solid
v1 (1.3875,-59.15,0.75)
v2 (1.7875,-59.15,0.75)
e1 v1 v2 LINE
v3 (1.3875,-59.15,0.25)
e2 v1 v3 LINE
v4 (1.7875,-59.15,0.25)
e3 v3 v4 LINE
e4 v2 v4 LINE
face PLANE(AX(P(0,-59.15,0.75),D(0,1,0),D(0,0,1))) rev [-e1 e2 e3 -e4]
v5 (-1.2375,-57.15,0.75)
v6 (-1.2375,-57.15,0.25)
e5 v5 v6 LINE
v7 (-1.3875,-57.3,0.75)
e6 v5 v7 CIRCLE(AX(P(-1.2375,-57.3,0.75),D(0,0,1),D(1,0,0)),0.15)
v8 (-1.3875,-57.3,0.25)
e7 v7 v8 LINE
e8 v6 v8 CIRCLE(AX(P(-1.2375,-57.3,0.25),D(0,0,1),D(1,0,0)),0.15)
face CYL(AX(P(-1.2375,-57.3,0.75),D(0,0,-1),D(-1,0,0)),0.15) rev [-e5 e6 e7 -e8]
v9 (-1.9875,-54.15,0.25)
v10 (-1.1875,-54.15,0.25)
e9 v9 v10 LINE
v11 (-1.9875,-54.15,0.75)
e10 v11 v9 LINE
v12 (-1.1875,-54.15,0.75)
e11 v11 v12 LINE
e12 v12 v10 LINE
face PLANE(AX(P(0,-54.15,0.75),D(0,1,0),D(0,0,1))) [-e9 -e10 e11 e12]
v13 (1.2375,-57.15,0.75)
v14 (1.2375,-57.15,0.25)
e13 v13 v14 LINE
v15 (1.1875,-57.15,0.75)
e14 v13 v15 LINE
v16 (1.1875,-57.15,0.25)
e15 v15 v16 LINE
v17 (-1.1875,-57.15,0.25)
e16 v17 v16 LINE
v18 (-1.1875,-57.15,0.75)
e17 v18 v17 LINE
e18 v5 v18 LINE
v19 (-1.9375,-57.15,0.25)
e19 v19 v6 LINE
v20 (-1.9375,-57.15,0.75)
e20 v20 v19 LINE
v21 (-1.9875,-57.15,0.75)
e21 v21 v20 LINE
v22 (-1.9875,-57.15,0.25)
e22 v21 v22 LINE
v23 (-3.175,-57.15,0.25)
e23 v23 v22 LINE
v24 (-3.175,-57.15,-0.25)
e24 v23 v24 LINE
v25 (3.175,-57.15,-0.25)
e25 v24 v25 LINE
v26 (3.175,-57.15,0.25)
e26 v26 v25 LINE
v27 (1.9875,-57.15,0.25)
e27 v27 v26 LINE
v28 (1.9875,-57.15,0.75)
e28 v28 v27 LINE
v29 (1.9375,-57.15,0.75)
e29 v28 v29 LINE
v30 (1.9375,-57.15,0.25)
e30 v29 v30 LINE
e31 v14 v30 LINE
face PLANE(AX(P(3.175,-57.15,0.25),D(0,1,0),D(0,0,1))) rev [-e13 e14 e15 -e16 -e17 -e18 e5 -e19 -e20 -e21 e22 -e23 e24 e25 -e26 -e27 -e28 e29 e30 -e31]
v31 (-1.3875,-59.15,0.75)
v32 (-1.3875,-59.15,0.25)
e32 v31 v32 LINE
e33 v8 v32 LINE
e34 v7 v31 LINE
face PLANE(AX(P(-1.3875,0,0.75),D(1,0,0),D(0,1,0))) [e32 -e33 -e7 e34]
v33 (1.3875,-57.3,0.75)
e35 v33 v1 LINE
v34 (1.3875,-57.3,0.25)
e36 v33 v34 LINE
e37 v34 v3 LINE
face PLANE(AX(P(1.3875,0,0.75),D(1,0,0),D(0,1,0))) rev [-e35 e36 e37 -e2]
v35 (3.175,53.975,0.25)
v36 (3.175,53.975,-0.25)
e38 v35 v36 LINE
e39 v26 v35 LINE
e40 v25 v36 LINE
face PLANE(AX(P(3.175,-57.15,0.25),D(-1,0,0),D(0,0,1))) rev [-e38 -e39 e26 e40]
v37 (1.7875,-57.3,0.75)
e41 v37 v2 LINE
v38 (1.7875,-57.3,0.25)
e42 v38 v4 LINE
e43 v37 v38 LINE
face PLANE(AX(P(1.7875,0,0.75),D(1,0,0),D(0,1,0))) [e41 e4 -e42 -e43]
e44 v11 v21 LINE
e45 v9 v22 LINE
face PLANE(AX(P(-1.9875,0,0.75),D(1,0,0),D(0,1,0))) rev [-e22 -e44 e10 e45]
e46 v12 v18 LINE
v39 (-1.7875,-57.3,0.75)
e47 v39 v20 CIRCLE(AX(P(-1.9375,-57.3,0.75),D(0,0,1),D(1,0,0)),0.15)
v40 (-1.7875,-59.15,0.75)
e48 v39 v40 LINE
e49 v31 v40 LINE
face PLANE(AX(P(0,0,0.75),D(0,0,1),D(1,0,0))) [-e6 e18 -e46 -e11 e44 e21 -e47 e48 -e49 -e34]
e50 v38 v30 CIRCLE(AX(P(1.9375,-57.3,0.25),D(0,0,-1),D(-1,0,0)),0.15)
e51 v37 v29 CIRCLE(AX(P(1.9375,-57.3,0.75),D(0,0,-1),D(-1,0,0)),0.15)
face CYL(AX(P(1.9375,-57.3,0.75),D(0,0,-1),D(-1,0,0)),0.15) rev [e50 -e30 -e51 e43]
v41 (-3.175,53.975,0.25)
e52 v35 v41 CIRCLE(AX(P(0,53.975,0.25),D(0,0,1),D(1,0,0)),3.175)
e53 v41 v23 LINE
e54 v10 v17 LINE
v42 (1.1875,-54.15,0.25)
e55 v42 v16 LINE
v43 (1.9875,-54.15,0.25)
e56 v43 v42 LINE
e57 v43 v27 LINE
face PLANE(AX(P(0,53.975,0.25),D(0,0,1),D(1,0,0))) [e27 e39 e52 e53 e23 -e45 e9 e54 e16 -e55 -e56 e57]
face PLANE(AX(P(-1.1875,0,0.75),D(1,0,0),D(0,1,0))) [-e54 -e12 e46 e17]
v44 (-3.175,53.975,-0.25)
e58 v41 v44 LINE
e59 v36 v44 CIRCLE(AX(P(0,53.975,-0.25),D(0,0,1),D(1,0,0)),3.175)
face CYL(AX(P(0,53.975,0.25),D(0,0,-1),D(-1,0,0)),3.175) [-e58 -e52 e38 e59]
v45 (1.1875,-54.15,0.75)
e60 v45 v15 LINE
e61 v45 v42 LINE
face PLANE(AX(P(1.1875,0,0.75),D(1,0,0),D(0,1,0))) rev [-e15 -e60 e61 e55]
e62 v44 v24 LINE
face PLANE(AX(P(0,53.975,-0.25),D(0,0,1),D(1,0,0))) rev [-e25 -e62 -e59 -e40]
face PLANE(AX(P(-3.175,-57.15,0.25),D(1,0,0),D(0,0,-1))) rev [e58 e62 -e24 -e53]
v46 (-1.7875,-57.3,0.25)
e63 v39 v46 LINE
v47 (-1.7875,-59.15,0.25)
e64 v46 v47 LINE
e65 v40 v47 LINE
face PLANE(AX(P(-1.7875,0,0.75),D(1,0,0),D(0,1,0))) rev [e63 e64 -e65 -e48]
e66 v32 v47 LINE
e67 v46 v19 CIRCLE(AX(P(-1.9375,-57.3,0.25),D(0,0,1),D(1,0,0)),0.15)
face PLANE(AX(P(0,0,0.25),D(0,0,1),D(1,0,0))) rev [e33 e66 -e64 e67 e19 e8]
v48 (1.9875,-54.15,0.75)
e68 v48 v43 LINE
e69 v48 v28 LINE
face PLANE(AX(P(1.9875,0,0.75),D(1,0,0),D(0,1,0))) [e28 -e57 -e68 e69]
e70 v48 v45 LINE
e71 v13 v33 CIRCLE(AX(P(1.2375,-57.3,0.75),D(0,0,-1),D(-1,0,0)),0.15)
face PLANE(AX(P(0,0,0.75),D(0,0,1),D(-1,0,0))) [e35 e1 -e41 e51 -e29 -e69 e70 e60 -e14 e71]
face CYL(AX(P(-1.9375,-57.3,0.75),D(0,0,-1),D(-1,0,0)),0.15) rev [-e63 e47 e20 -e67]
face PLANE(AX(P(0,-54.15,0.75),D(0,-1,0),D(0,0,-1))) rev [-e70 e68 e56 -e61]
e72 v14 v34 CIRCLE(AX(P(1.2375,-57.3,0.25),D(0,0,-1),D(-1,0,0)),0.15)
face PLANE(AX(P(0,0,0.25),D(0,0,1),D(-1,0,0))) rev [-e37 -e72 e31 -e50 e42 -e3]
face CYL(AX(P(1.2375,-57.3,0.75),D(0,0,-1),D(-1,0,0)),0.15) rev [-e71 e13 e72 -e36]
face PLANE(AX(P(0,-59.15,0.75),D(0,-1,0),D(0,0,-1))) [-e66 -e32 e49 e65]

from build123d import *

# Parameters (mm, degrees)
RESSALTO_EXTRUS_O1_DEPTH = 0.25
RESSALTO_EXTRUS_O2_DEPTH = 0.5


with BuildPart() as part:
    # Esboço3 → Ressalto-extrusão1 (new, symmetric)
    with BuildSketch(Plane.XY):
        with BuildLine():
            Line((3.175, -57.15), (-3.175, -57.15))
            Line((-3.175, -57.15), (-3.175, 53.975))
            ThreePointArc((-3.175, 53.975), (0, 57.15), (3.175, 53.975))
            Line((3.175, 53.975), (3.175, -57.15))
        make_face()
    extrude(amount=RESSALTO_EXTRUS_O1_DEPTH, both=True)

    # Esboço4 → Ressalto-extrusão2 (add)
    with BuildSketch(Plane.XY.offset(0.25)):
        Polygon((-1.1875, -54.15), (-1.9875, -54.15), (-1.9875, -57.15), (-1.9375, -57.15), (-1.2375, -57.15), (-1.1875, -57.15), align=None)
        with BuildLine():
            Line((-1.2375, -57.15), (-1.9375, -57.15))
            ThreePointArc((-1.9375, -57.15), (-1.831433983, -57.193933983), (-1.7875, -57.3))
            Line((-1.7875, -57.3), (-1.7875, -59.15))
            Line((-1.7875, -59.15), (-1.3875, -59.15))
            Line((-1.3875, -59.15), (-1.3875, -57.3))
            ThreePointArc((-1.3875, -57.3), (-1.343566017, -57.193933983), (-1.2375, -57.15))
        make_face()
    ressalto_extrus_o2 = extrude(amount=RESSALTO_EXTRUS_O2_DEPTH)

    # Espelhar2: Ressalto-extrusão2 across plane
    add(ressalto_extrus_o2.mirror(Plane(origin=(0, 0, 0), x_dir=(0, 0, 1), z_dir=(1, 0, 0))))


solid = part.part
